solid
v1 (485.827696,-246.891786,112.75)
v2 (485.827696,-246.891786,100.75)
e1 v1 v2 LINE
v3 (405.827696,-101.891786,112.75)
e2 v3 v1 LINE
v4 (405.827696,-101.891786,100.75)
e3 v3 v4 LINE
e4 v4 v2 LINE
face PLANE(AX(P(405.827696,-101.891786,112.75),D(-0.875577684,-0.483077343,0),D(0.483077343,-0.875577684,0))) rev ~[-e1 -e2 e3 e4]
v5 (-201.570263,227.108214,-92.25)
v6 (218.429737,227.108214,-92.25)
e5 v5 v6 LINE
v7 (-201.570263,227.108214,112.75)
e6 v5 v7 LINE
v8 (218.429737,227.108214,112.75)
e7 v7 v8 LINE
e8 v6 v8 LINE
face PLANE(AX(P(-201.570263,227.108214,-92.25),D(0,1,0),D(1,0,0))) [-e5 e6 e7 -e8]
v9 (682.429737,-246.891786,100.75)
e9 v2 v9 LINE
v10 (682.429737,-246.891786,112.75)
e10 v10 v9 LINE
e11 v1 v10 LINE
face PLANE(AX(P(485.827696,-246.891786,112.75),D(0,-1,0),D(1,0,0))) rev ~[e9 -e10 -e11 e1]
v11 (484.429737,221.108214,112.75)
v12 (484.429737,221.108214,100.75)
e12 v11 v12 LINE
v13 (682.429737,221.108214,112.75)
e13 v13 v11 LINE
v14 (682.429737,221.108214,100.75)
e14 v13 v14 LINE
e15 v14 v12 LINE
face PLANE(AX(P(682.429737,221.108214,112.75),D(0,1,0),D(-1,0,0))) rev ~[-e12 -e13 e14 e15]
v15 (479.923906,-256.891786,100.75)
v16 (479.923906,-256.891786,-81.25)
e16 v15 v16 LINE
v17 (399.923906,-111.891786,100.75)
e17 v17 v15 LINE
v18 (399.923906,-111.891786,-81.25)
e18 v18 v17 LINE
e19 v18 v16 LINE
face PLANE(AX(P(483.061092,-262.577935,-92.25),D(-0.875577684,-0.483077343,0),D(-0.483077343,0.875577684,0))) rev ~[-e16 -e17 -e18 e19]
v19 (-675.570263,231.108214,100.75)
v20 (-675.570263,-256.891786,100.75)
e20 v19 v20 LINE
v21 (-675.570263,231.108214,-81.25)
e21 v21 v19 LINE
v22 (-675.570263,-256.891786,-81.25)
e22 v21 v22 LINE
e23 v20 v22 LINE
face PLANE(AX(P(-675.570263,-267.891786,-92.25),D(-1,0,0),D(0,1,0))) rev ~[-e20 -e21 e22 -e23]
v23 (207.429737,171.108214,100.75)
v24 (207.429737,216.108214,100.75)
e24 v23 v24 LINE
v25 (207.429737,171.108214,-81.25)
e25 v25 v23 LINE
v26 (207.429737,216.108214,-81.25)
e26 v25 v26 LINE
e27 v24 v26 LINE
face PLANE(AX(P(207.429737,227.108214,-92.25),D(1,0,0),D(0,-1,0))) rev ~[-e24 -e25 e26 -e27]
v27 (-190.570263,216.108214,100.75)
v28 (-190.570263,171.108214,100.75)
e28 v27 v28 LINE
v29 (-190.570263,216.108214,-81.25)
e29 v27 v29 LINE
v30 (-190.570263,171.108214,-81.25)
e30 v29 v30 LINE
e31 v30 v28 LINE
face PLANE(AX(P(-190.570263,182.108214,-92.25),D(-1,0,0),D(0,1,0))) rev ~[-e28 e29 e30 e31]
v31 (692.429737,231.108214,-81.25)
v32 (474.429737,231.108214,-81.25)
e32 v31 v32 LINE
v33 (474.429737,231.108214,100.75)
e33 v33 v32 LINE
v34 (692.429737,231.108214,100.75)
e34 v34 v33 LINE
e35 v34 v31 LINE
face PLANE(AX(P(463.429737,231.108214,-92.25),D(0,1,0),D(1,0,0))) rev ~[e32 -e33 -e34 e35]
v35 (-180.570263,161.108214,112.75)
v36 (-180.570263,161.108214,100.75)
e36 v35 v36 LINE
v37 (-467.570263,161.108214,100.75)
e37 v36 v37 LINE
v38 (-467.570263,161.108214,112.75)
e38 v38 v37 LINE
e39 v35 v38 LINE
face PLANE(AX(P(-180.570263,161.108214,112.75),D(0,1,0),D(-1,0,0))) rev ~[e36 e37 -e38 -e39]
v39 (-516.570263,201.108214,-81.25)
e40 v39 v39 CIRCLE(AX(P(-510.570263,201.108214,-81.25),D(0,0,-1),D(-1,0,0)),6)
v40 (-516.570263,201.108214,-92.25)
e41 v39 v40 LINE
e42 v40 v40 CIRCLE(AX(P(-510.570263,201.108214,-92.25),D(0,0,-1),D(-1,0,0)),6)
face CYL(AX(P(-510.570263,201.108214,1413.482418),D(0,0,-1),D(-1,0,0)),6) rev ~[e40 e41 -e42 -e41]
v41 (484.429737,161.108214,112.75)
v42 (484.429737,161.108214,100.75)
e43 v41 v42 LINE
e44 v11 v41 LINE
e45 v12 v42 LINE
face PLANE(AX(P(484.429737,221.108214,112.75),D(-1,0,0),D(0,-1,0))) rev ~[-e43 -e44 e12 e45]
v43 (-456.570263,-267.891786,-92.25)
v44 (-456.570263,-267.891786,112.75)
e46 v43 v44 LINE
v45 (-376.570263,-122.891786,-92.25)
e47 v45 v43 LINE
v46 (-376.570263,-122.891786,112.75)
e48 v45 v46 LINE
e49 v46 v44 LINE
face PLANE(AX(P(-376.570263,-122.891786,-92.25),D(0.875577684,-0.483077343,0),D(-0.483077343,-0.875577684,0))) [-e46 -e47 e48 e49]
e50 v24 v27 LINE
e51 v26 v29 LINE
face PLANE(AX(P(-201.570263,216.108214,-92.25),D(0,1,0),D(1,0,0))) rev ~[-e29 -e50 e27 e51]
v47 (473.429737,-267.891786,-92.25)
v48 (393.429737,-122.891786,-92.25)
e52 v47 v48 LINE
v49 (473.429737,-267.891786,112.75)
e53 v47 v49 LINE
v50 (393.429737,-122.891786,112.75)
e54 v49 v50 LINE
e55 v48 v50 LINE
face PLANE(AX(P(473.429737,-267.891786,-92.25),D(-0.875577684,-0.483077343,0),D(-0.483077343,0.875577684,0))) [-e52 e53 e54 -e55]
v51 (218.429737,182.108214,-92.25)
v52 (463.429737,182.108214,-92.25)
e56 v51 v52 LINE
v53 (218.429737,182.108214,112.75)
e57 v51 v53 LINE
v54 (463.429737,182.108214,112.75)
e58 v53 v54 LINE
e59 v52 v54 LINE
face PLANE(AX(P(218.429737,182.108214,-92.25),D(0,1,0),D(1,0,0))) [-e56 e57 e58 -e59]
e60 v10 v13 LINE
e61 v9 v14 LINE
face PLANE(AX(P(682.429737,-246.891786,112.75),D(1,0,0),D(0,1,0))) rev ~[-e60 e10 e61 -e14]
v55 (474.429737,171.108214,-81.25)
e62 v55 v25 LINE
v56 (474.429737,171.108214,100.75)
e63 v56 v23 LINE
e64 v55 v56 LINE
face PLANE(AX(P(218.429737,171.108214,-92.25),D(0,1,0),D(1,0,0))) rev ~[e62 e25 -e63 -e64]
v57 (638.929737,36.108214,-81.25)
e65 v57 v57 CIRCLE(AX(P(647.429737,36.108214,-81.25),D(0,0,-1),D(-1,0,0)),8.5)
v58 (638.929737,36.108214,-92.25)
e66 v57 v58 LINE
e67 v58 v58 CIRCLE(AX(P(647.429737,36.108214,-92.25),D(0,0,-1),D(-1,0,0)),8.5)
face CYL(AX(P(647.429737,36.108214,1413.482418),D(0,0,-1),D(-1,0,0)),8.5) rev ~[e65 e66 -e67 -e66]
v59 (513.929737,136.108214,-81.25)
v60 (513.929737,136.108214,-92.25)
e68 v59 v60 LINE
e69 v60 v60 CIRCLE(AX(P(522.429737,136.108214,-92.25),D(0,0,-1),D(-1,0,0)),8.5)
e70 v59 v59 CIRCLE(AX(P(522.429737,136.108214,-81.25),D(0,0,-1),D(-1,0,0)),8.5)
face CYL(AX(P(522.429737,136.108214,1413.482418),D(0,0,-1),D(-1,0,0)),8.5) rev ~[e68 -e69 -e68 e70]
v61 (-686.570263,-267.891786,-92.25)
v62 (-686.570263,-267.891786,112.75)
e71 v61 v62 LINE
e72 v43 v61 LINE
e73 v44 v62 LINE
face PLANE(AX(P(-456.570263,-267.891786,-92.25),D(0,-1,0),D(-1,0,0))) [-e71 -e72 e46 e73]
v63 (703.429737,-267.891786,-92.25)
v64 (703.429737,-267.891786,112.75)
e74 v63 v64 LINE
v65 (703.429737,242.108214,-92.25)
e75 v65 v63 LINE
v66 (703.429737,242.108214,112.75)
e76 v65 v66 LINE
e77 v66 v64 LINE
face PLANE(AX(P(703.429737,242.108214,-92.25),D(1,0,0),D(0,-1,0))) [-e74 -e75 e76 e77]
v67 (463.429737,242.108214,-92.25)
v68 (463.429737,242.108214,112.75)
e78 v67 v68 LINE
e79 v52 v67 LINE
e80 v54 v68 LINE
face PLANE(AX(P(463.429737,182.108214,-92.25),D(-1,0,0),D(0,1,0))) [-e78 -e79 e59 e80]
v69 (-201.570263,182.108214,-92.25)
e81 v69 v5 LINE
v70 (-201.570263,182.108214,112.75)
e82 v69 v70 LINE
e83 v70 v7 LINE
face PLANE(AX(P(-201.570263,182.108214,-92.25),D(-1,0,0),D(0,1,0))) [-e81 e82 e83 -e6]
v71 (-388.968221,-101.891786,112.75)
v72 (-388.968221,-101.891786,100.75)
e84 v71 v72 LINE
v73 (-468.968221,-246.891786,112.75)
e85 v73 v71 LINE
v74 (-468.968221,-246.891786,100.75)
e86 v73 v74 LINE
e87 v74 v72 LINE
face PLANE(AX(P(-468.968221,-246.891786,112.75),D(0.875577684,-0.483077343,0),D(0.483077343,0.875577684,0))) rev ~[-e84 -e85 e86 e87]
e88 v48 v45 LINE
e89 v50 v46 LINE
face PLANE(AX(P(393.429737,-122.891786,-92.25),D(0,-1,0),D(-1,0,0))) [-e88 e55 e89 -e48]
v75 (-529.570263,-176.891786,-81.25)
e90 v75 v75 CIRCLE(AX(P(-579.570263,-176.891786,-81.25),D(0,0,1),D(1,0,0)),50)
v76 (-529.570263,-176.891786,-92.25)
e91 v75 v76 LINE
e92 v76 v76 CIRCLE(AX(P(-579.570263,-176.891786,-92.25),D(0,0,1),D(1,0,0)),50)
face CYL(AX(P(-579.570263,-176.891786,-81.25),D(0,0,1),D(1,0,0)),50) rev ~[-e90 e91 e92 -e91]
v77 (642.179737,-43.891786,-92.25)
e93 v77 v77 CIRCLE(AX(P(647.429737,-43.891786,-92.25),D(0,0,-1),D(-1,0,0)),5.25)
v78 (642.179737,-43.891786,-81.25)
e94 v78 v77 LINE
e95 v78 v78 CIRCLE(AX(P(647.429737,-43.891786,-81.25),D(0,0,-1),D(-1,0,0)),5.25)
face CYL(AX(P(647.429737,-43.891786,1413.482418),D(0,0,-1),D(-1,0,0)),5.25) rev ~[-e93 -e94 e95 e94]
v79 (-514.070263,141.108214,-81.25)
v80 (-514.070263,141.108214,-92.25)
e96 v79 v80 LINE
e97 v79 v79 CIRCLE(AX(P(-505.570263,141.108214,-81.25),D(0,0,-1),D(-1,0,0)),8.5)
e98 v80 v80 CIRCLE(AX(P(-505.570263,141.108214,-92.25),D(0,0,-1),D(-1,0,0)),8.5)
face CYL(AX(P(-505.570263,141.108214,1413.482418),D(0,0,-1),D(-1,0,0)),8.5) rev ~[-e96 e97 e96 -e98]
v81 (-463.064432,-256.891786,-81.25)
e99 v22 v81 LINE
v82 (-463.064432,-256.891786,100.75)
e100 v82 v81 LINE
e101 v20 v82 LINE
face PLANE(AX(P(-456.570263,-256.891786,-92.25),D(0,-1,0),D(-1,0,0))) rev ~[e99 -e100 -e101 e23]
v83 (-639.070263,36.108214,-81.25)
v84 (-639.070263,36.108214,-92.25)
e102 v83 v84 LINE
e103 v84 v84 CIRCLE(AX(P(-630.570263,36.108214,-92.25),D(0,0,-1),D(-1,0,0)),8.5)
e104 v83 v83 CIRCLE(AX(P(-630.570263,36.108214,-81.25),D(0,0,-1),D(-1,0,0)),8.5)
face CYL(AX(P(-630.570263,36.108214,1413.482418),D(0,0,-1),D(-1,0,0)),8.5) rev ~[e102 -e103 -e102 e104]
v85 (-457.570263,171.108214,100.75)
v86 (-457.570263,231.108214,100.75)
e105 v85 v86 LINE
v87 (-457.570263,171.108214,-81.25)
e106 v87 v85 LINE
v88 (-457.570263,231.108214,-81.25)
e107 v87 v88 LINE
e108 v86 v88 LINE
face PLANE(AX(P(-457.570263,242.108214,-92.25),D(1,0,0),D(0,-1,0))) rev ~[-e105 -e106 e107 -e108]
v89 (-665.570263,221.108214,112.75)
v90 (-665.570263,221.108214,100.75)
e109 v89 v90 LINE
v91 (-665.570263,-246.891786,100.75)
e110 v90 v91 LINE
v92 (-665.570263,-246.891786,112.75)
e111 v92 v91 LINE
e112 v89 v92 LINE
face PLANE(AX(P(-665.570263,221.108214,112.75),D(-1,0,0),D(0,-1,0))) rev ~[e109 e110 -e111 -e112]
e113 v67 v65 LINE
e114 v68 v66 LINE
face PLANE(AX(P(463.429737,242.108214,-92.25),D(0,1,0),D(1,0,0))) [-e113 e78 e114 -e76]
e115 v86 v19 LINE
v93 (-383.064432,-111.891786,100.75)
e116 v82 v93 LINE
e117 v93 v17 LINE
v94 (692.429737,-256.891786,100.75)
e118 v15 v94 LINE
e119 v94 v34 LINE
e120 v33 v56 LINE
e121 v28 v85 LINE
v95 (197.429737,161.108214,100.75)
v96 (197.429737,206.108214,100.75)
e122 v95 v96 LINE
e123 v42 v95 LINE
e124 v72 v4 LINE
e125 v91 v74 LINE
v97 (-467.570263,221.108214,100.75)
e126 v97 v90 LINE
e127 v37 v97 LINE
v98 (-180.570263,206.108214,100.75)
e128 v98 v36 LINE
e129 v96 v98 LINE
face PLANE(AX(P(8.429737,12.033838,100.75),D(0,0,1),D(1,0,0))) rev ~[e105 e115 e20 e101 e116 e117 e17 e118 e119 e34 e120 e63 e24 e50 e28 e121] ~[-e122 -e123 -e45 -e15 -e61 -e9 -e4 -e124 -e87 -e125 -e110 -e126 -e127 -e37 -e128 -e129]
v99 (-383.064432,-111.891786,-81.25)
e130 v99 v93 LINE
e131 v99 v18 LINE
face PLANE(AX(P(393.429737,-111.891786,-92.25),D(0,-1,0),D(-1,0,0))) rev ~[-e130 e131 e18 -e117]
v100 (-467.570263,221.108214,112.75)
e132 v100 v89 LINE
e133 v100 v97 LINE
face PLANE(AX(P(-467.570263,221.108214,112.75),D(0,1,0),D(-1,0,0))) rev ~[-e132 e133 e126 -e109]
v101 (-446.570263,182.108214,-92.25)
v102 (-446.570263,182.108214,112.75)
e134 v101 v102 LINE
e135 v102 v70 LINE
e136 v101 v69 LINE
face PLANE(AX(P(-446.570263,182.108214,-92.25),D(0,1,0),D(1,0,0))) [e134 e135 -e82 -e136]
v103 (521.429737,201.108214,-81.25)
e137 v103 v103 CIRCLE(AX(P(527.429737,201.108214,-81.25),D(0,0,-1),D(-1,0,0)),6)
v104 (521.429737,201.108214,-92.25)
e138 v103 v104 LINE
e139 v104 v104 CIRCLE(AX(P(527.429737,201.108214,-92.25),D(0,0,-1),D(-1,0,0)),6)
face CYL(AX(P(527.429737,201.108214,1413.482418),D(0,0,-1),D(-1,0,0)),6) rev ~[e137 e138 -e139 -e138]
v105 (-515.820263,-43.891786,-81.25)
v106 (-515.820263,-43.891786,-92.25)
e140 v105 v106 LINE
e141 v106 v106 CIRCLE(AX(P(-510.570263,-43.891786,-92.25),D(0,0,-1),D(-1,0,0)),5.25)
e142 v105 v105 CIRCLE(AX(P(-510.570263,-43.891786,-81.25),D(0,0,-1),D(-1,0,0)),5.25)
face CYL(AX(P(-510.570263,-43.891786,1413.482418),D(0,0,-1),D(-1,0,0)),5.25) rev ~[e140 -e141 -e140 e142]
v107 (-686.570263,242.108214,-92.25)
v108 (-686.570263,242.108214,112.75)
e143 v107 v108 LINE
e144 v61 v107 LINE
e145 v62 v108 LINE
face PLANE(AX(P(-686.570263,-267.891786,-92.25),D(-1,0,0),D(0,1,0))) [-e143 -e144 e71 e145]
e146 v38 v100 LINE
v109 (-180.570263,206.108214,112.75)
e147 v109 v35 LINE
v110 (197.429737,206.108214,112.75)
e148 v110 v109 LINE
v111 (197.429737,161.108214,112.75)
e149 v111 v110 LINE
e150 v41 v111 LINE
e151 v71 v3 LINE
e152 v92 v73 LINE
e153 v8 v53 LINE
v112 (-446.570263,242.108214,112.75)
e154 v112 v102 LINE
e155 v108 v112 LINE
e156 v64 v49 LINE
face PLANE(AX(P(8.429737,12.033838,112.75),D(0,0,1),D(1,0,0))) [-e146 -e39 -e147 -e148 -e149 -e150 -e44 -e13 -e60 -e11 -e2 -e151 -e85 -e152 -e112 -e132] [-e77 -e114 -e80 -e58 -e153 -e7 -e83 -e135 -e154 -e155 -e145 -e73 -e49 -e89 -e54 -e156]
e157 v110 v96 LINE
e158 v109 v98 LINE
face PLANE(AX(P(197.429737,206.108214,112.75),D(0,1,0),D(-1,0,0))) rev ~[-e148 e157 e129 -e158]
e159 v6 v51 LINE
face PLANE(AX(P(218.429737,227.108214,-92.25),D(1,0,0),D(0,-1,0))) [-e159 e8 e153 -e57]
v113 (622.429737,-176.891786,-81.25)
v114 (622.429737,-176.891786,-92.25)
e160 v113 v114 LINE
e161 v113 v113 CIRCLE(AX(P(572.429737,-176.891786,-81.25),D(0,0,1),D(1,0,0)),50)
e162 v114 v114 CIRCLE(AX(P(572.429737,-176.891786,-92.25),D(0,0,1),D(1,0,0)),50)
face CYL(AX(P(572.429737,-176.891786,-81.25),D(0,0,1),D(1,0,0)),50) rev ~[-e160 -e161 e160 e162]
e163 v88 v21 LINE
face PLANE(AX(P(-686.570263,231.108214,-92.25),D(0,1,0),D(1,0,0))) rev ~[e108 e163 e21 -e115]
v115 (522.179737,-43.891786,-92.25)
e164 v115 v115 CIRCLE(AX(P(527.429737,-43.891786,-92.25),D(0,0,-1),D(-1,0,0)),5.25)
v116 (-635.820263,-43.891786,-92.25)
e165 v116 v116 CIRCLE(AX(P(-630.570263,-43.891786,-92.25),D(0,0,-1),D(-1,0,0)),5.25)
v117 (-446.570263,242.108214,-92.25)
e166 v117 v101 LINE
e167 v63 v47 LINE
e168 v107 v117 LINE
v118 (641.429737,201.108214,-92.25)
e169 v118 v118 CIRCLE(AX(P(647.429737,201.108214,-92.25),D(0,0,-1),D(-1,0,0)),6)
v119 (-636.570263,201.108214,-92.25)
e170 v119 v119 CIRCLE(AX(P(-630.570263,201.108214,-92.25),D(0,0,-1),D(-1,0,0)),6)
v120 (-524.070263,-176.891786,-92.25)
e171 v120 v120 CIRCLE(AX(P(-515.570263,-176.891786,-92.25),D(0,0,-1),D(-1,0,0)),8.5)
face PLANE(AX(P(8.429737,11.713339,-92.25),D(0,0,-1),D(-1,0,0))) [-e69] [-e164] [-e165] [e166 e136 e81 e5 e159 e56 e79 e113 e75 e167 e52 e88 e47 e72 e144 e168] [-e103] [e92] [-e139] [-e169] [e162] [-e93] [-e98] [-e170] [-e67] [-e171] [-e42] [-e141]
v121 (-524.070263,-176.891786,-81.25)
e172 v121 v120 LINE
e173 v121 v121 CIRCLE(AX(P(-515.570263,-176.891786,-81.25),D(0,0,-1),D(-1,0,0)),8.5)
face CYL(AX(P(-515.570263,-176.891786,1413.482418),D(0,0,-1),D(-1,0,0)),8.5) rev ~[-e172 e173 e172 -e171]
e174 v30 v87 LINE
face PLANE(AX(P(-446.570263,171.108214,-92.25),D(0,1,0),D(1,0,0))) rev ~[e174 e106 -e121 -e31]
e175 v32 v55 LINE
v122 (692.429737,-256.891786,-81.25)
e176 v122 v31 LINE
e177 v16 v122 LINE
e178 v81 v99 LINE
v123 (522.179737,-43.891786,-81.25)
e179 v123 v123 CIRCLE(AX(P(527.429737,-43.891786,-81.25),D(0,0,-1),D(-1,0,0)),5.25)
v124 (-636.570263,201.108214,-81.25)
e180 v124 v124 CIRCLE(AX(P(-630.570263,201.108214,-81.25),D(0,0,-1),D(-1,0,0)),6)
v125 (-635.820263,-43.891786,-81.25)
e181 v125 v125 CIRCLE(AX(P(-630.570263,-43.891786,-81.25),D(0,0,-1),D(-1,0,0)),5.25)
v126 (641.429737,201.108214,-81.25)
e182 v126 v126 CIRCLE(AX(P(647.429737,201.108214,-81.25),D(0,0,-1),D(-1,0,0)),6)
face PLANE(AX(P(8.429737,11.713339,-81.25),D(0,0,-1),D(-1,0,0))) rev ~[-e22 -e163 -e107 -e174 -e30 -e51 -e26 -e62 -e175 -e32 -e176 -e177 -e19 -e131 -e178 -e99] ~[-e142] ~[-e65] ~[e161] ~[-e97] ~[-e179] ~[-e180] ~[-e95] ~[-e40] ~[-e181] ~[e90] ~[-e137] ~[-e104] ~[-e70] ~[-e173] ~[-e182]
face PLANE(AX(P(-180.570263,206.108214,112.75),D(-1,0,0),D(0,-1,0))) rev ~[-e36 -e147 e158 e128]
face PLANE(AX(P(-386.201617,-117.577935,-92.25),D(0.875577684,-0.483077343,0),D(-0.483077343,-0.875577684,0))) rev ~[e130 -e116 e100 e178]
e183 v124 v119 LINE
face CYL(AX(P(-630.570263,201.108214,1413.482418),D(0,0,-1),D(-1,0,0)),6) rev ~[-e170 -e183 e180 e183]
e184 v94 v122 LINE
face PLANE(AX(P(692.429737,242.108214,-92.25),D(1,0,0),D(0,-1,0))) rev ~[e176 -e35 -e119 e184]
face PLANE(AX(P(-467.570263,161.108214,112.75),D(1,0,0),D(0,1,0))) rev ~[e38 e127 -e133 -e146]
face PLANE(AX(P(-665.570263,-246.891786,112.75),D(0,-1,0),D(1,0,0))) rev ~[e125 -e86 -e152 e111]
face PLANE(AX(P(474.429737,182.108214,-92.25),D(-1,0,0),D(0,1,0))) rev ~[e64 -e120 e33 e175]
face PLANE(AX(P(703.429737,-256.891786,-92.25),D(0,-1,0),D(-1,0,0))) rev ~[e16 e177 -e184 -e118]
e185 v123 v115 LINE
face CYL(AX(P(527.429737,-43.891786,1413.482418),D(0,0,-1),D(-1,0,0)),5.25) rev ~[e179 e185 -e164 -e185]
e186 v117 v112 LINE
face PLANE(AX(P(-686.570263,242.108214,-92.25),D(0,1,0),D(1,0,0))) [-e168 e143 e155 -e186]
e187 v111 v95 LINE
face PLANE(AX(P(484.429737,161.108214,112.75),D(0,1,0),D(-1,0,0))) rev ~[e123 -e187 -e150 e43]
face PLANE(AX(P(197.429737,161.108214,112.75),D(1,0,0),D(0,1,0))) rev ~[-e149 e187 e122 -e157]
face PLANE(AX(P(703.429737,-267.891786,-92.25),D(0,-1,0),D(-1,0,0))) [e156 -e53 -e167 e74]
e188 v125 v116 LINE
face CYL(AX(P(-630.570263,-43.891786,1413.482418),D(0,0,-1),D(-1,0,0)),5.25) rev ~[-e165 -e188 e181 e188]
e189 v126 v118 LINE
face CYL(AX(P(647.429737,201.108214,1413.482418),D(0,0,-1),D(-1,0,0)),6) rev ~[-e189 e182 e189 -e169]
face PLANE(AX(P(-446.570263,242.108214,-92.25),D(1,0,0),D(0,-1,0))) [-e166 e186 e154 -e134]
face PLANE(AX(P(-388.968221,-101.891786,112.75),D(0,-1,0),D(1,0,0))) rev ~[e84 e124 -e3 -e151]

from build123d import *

# Parameters (mm, degrees)
EXTRUDE_1_DEPTH         = 20.5
SCALE_1_SCALE           = 10
SHELL_1_T               = -11
EXTRUDE_2_DEPTH         = 12
HOLE_WIZARD_17_0_17_1_D = 17
M12X1_25_2_D            = 10.5
F_12_0MM_1_D            = 12
SKETCH_27_R             = 50
CUT_EXTRUDE_1_DEPTH     = 11


with BuildPart() as part:
    # 草图1 → 凸台-拉伸1 (new body)
    with BuildSketch(Plane.XY):
        Polygon((-61.070262854, 36.5), (-37.070262854, 36.5), (-37.070262854, 30.5), (-12.570262854, 30.5), (-12.570262854, 35), (29.429737146, 35), (29.429737146, 30.5), (53.929737146, 30.5), (53.929737146, 36.5), (77.929737146, 36.5), (77.929737146, -14.5), (54.929737146, -14.5), (46.929737146, 0), (-30.070262854, 0), (-38.070262854, -14.5), (-61.070262854, -14.5), align=None)
    extrude(amount=EXTRUDE_1_DEPTH)


with BuildPart() as part_1:
    # 缩放比例1: scaled about (8.429737146, 13.654642846, 10.25)
    add(part.part.scale(SCALE_1_SCALE).moved(Location((-75.867634314, -122.891785614, -92.25))))

    # 抽壳1
    shell_1_openings = [part_1.faces().sort_by_distance(p)[0] for p in [
        (8.429737147, 13.654642849, 112.75),
    ]]
    offset(amount=SHELL_1_T, openings=shell_1_openings, kind=Kind.INTERSECTION)

    # 草图12 → 凸台-拉伸2 (add)
    with BuildSketch(Plane.XY.offset(112.75)):
        Polygon((-675.570262854, 231.108214383), (-675.570262854, -256.891785617), (-463.064431597, -256.891785617), (-383.064431597, -111.891785617), (399.923905889, -111.891785617), (479.923905889, -256.891785617), (692.429737146, -256.891785617), (692.429737146, 231.108214383), (474.429737146, 231.108214383), (474.429737146, 171.108214383), (207.429737146, 171.108214383), (207.429737146, 216.108214383), (-190.570262854, 216.108214383), (-190.570262854, 171.108214383), (-457.570262854, 171.108214383), (-457.570262854, 231.108214383), align=None)
        Polygon((-665.570262854, 221.108214383), (-665.570262854, -246.891785617), (-468.968221364, -246.891785617), (-388.968221364, -101.891785617), (405.827695656, -101.891785617), (485.827695656, -246.891785617), (682.429737146, -246.891785617), (682.429737146, 221.108214383), (484.429737146, 221.108214383), (484.429737146, 161.108214383), (197.429737146, 161.108214383), (197.429737146, 206.108214383), (-180.570262854, 206.108214383), (-180.570262854, 161.108214383), (-467.570262854, 161.108214383), (-467.570262854, 221.108214383), align=None, mode=Mode.SUBTRACT)
    extrude(amount=-EXTRUDE_2_DEPTH)

    # Ø17.0 (17) 直径孔1 (through all)
    with Locations(Plane.XY.offset(-81.25)):
        with Locations((-505.570262854, 141.108214383), (-630.570262854, 36.108214383), (-515.570262854, -176.891785617), (647.429737146, 36.108214383), (522.429737146, 136.108214383), (532.429737146, -176.891785617)):
            Hole(HOLE_WIZARD_17_0_17_1_D / 2)

    # M12x1.25 螺纹孔2 (through all)
    with Locations(Plane.XY.offset(-81.25)):
        with Locations((-630.570262854, -43.891785617), (-510.570262854, -43.891785617), (527.429737146, -43.891785617), (647.429737146, -43.891785617)):
            Hole(M12X1_25_2_D / 2)

    # Ø12.0mm 暗销孔1 (through all)
    with Locations(Plane(origin=(-630.570262854, 201.108214383, -81.25), x_dir=(1, 0, 0), z_dir=(0, 0, 1))):
        with Locations((0, 0), (120, 0), (1158, 0), (1278, 0)):
            Hole(F_12_0MM_1_D / 2)

    # 草图27 → 切除-拉伸1 (cut)
    with BuildSketch(Plane.XY.offset(-81.25)):
        with Locations((572.429737146, -176.891785617)):
            Circle(SKETCH_27_R)
        with Locations((-579.570262855, -176.891785617)):
            Circle(SKETCH_27_R)
    extrude(amount=-CUT_EXTRUDE_1_DEPTH, mode=Mode.SUBTRACT)


solid = part_1.part
